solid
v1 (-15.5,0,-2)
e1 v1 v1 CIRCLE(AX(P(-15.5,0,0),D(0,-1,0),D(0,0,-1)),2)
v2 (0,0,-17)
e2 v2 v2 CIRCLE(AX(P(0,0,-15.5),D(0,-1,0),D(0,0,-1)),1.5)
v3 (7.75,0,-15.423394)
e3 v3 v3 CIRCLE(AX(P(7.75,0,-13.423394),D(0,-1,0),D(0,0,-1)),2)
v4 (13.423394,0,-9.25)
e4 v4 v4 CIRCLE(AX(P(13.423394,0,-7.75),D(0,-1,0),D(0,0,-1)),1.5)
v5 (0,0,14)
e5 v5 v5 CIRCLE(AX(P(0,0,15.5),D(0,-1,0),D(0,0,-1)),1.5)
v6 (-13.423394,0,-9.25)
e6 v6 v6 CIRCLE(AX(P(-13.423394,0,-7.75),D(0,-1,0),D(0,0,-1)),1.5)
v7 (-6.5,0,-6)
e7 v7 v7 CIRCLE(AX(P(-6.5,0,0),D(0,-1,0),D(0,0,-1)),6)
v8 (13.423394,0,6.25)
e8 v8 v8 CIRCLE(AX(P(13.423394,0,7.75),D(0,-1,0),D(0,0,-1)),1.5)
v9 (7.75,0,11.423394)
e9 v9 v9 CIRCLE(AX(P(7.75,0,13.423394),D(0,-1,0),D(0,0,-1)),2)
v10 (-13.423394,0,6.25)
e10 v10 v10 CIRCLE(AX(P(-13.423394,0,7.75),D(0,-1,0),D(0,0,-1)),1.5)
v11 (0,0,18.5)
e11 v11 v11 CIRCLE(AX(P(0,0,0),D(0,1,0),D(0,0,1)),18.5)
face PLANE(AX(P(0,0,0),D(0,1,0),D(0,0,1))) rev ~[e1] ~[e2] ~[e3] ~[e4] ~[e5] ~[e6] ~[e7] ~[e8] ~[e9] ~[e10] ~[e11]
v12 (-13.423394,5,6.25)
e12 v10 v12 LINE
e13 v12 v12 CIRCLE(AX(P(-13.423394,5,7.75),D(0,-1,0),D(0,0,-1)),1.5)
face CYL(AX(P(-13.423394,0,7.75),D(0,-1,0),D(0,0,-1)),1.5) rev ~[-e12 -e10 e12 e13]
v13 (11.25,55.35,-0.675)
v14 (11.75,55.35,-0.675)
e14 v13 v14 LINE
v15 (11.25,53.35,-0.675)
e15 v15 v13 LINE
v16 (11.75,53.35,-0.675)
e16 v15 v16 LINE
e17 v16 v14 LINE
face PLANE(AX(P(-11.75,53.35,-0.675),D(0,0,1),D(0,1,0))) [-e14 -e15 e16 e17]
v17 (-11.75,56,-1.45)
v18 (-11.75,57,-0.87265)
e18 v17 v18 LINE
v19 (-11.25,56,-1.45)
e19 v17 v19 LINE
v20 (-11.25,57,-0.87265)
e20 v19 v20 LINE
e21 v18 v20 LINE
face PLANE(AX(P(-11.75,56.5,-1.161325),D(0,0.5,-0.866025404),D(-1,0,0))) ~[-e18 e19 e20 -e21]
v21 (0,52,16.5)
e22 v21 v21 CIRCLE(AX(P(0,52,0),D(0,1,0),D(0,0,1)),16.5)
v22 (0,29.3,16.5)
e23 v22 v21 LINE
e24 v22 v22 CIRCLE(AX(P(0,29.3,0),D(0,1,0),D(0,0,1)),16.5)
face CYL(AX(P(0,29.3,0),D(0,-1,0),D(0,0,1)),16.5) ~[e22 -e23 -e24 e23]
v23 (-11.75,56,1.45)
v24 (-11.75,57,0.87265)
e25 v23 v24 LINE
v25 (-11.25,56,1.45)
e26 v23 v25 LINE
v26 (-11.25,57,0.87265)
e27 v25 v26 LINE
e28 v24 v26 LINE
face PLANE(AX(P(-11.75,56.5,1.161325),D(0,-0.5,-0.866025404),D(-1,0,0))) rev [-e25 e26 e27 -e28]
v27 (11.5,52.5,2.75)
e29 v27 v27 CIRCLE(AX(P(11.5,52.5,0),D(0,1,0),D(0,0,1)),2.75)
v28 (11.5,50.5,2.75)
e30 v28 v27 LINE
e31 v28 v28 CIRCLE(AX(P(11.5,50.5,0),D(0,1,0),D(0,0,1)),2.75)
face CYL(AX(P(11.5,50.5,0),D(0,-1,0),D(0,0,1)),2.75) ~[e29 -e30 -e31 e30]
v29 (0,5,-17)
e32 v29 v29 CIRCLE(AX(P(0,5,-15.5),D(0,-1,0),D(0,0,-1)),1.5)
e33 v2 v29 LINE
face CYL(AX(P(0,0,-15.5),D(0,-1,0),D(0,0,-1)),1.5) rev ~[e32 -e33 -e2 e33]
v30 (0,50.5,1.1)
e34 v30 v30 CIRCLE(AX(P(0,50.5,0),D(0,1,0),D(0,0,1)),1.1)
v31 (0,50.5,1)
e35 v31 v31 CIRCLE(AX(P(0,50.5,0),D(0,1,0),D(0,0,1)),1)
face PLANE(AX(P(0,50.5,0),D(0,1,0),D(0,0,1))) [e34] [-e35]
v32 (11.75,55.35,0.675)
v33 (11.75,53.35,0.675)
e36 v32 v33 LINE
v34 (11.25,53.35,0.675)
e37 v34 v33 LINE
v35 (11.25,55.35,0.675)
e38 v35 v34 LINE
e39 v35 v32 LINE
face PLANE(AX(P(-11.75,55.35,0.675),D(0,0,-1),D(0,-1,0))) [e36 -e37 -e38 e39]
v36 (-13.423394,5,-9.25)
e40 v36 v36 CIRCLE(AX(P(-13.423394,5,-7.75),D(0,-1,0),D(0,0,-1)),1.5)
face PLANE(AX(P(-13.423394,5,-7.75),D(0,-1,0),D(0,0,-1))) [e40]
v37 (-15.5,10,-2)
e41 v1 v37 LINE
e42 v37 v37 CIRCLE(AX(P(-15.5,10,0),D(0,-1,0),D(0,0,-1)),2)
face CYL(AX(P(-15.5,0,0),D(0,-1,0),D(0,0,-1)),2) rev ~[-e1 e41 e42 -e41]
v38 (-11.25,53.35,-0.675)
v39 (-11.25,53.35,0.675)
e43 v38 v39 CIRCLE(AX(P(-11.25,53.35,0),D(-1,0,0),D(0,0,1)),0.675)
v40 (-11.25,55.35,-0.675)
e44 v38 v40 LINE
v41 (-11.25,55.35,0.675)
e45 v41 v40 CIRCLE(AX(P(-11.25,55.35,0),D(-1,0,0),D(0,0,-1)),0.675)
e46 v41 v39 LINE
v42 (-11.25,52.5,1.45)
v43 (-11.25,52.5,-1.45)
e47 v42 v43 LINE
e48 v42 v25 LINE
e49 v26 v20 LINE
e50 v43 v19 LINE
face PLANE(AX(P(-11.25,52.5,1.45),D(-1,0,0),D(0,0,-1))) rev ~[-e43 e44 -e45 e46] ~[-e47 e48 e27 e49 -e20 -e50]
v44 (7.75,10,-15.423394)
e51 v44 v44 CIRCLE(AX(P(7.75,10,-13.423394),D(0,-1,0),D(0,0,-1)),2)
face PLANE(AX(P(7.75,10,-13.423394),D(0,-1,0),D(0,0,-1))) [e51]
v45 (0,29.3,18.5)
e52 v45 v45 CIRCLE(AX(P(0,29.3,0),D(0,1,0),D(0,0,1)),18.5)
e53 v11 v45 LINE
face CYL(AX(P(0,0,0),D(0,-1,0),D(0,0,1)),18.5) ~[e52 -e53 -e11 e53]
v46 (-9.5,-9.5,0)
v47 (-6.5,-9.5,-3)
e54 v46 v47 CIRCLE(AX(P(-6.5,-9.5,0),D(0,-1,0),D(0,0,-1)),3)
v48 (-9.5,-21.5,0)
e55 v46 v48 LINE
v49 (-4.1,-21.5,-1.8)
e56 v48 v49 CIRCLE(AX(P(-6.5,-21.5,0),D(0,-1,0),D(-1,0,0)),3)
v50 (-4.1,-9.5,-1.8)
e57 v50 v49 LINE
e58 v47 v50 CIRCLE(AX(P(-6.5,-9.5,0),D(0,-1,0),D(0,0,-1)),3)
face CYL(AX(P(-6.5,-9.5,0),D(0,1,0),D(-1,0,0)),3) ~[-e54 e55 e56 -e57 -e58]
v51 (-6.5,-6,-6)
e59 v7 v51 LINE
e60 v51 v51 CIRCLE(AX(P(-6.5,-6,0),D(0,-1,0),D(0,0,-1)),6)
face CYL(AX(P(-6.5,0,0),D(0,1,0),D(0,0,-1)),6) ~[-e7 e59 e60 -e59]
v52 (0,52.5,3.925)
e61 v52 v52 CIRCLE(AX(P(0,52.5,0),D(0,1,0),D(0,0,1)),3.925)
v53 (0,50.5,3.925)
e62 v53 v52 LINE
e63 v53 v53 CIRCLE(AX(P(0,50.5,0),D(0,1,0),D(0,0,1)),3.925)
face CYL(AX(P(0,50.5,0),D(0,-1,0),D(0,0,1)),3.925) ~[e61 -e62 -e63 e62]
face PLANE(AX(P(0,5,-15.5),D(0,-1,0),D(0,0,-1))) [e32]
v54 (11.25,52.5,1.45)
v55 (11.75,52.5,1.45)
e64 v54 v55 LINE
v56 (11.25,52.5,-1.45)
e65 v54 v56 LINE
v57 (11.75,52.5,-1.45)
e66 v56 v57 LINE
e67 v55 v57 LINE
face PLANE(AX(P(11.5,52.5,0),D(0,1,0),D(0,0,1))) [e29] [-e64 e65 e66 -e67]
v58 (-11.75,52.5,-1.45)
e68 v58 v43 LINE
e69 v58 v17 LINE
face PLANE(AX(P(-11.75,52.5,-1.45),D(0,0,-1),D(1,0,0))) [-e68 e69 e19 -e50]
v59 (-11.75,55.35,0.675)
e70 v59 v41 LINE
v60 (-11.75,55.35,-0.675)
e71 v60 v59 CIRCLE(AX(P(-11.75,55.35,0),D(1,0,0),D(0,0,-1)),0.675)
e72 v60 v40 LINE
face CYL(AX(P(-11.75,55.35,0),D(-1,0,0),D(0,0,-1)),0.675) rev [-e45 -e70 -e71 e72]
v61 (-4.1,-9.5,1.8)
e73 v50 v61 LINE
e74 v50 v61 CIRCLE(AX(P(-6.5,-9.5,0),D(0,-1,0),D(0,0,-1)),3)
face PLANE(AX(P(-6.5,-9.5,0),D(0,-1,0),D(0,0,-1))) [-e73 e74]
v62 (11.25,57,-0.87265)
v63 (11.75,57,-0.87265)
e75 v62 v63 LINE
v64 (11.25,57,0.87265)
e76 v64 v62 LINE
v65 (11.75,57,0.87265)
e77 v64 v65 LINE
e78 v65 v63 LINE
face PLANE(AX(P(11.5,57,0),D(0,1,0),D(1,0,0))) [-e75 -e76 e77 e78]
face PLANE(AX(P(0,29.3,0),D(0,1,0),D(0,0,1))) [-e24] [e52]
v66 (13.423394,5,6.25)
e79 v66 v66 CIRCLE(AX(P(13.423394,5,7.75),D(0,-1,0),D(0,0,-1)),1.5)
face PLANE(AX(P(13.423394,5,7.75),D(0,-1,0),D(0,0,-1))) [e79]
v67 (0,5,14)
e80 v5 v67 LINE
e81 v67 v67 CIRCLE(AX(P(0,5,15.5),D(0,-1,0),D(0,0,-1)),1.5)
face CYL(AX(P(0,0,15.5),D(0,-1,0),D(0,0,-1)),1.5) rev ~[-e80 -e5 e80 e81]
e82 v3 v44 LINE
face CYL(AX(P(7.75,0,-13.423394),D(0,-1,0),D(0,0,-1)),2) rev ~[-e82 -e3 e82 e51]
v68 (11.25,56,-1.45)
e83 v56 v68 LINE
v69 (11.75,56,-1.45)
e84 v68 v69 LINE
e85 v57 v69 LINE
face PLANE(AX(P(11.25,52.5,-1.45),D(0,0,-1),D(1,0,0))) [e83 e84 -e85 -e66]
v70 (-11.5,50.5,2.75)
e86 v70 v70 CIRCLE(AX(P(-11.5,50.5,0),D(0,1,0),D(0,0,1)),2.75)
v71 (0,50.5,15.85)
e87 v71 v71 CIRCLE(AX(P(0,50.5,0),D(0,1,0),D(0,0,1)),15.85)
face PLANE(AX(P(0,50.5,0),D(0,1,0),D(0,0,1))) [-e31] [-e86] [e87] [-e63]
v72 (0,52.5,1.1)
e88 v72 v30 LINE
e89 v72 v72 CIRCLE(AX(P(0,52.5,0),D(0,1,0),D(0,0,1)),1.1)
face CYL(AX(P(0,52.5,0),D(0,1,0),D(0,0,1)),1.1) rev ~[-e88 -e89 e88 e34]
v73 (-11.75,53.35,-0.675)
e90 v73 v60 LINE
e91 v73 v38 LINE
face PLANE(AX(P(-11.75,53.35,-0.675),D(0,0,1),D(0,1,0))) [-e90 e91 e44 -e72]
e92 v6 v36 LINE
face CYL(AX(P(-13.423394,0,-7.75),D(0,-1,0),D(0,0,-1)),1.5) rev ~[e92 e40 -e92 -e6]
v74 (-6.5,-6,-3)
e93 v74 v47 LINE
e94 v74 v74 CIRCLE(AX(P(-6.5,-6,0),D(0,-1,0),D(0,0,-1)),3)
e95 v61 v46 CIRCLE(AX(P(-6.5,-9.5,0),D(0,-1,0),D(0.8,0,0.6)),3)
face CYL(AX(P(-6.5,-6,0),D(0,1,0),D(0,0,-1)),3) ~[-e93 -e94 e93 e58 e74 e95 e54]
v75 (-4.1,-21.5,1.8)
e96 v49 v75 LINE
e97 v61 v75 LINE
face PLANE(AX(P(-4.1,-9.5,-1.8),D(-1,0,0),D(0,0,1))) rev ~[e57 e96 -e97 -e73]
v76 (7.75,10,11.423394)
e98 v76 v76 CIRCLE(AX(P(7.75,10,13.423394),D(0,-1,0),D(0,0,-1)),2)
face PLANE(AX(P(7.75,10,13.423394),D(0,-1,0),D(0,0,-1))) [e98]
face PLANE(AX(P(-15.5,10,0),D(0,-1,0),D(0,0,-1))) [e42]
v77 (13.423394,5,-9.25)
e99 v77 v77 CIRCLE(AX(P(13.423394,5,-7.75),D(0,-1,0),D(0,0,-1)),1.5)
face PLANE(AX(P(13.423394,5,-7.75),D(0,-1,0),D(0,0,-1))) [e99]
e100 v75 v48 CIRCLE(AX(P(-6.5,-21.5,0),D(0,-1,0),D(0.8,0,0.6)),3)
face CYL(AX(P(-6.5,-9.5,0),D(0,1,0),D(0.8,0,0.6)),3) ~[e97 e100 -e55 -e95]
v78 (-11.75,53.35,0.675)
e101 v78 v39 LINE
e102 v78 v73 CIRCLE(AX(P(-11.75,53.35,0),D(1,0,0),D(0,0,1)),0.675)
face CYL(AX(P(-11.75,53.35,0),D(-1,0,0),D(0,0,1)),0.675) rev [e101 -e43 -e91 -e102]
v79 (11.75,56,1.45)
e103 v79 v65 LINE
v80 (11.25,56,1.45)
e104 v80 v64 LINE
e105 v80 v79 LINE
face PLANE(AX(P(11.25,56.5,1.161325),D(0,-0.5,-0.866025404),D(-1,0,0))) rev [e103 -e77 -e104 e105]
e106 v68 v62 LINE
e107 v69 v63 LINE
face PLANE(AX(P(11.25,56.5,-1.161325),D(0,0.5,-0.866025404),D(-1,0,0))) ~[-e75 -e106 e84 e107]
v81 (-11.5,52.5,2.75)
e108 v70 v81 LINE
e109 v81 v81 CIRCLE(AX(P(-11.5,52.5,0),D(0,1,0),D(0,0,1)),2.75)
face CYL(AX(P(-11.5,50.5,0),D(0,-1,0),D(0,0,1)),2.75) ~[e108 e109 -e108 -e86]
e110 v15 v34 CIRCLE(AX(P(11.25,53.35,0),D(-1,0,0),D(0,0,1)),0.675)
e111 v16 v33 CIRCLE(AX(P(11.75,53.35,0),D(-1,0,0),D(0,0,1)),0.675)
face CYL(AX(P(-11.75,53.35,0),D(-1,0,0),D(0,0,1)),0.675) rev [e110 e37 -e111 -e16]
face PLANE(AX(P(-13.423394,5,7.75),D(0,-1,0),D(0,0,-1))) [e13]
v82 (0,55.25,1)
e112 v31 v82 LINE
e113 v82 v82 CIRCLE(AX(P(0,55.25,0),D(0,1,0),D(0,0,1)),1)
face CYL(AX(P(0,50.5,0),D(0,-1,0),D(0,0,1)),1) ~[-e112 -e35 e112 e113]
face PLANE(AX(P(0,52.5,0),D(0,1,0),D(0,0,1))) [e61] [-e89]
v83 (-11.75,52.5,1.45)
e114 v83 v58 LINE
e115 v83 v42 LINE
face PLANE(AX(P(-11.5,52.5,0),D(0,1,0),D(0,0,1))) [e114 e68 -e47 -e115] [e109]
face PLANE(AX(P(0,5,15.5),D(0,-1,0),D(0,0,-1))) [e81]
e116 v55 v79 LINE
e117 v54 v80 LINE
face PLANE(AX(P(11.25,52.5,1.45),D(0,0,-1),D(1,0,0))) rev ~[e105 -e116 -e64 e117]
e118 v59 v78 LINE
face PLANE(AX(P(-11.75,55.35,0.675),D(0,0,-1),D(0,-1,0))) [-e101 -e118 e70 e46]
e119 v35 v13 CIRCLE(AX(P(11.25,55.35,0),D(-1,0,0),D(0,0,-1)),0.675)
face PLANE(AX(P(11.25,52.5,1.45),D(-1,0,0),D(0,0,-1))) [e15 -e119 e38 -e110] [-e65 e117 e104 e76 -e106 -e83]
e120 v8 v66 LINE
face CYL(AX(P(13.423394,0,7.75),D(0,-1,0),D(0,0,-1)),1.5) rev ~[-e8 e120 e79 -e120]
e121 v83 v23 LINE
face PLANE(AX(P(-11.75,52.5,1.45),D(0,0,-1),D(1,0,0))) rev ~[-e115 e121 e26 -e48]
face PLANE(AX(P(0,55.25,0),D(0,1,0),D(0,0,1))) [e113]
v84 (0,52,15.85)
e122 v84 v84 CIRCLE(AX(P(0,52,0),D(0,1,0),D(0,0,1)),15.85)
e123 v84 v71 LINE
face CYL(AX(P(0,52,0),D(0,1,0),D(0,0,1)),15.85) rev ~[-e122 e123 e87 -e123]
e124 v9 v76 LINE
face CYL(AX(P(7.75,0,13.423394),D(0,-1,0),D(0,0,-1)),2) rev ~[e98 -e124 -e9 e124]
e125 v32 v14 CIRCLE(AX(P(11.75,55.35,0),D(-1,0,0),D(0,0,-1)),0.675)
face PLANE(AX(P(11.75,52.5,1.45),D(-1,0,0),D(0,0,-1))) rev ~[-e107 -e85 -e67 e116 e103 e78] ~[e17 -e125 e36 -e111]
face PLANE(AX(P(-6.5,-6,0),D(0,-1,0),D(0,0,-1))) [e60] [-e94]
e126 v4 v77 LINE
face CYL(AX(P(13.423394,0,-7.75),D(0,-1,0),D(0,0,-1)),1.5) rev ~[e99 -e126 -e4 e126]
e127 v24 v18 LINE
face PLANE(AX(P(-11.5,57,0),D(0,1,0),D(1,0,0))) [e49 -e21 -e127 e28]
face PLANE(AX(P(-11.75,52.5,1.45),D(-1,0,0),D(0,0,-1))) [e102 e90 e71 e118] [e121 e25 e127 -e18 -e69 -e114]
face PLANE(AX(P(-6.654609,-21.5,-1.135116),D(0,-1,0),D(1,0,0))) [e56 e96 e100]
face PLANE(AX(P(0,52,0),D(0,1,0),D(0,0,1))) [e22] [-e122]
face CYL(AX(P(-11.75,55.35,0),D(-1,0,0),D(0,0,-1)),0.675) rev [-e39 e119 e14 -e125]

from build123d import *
from OCP.BRepFilletAPI import BRepFilletAPI_MakeChamfer

# Parameters (mm, degrees)
SCHIZZO1_R                   = 18.5
ESTRUSIONE_ESTRUSIONE1_DEPTH = 29.3
SCHIZZO2_R                   = 16.5
ESTRUSIONE_ESTRUSIONE2_DEPTH = 22.7
SCHIZZO3_R                   = 15.85
TAGLIO_ESTRUSIONE1_DEPTH     = 1.5
SCHIZZO4_R                   = 2.75
SCHIZZO4_R_2                 = 3.925
ESTRUSIONE_ESTRUSIONE3_DEPTH = 2
SCHIZZO5_W                   = 0.5
SCHIZZO5_H                   = 2.9
ESTRUSIONE_ESTRUSIONE4_DEPTH = 4.5
SMUSSO1_SIZE                 = 1
SMUSSO1_SIZE2                = 0.577350269
TAGLIO_ESTRUSIONE2_DEPTH     = 68.129073433
SCHIZZO7_R                   = 1.1
TAGLIO_ESTRUSIONE3_DEPTH     = 2
SCHIZZO8_R                   = 1
ESTRUSIONE_ESTRUSIONE5_DEPTH = 4.75
SCHIZZO9_R                   = 1.5
TAGLIO_ESTRUSIONE4_DEPTH     = 5
SCHIZZO10_R                  = 6
ESTRUSIONE_ESTRUSIONE6_DEPTH = 6
SCHIZZO11_R                  = 3
ESTRUSIONE_ESTRUSIONE7_DEPTH = 3.5
ESTRUSIONE_ESTRUSIONE8_DEPTH = 12
CROQUIS1_R                   = 2
CORTAR_EXTRUIR1_DEPTH        = 10


with BuildPart() as part:
    # Schizzo1 → Estrusione-Estrusione1 (new body)
    with BuildSketch(Plane(origin=(0, 0, 0), x_dir=(1, 0, 0), z_dir=(0, 1, 0))):
        with Locations(Location((0, 0, 0), (0, 0, 270))):
            Circle(SCHIZZO1_R)
    extrude(amount=ESTRUSIONE_ESTRUSIONE1_DEPTH)

    # Schizzo2 → Estrusione-Estrusione2 (add)
    with BuildSketch(Plane(origin=(0, 29.3, 0), x_dir=(1, 0, 0), z_dir=(0, 1, 0))):
        with Locations(Location((0, 0, 0), (0, 0, 270))):
            Circle(SCHIZZO2_R)
    extrude(amount=ESTRUSIONE_ESTRUSIONE2_DEPTH)

    # Schizzo3 → Taglio-Estrusione1 (cut)
    with BuildSketch(Plane(origin=(0, 52, 0), x_dir=(1, 0, 0), z_dir=(0, 1, 0))):
        with Locations(Location((0, 0, 0), (0, 0, 270))):
            Circle(SCHIZZO3_R)
    extrude(amount=-TAGLIO_ESTRUSIONE1_DEPTH, mode=Mode.SUBTRACT)

    # Schizzo4 → Estrusione-Estrusione3 (add)
    with BuildSketch(Plane(origin=(0, 50.5, 0), x_dir=(1, 0, 0), z_dir=(0, 1, 0))):
        with Locations(Location((11.5, 0, 0), (0, 0, 270))):
            Circle(SCHIZZO4_R)
        with Locations(Location((-11.5, 0, 0), (0, 0, 270))):
            Circle(SCHIZZO4_R)
        with Locations(Location((0, 0, 0), (0, 0, 270))):
            Circle(SCHIZZO4_R_2)
    extrude(amount=ESTRUSIONE_ESTRUSIONE3_DEPTH)

    # Schizzo5 → Estrusione-Estrusione4 (add)
    with BuildSketch(Plane(origin=(0, 52.5, 0), x_dir=(1, 0, 0), z_dir=(0, 1, 0))):
        with Locations((-11.5, 0)):
            Rectangle(SCHIZZO5_W, SCHIZZO5_H)
        with Locations((11.5, 0)):
            Rectangle(SCHIZZO5_W, SCHIZZO5_H)
    extrude(amount=ESTRUSIONE_ESTRUSIONE4_DEPTH)

    # Smusso1: one chamfer whose edges measure the first distance from different faces: ONE call of the kernel's chamfer builder (chamfer() names one face for all edges)
    smusso1_edges_1 = [part.edges().sort_by_distance(p)[0] for p in [
        (-11.5, 57, -1.45),
    ]]
    smusso1_side_1 = [part.faces().sort_by_distance(p)[0] for p in [
        (-11.5, 54.75, -1.45),
    ]]
    smusso1_edges_2 = [part.edges().sort_by_distance(p)[0] for p in [
        (-11.5, 57, 1.45),
    ]]
    smusso1_side_2 = [part.faces().sort_by_distance(p)[0] for p in [
        (-11.5, 54.75, 1.45),
    ]]
    smusso1_edges_3 = [part.edges().sort_by_distance(p)[0] for p in [
        (11.5, 57, -1.45),
    ]]
    smusso1_side_3 = [part.faces().sort_by_distance(p)[0] for p in [
        (11.5, 54.75, -1.45),
    ]]
    smusso1_edges_4 = [part.edges().sort_by_distance(p)[0] for p in [
        (11.5, 57, 1.45),
    ]]
    smusso1_side_4 = [part.faces().sort_by_distance(p)[0] for p in [
        (11.5, 54.75, 1.45),
    ]]
    smusso1 = BRepFilletAPI_MakeChamfer(part.part.solid().wrapped)
    for e in smusso1_edges_1:
        smusso1.Add(SMUSSO1_SIZE, SMUSSO1_SIZE2, e.wrapped, smusso1_side_1[0].wrapped)  # the first distance lies on this face
    for e in smusso1_edges_2:
        smusso1.Add(SMUSSO1_SIZE, SMUSSO1_SIZE2, e.wrapped, smusso1_side_2[0].wrapped)  # the first distance lies on this face
    for e in smusso1_edges_3:
        smusso1.Add(SMUSSO1_SIZE, SMUSSO1_SIZE2, e.wrapped, smusso1_side_3[0].wrapped)  # the first distance lies on this face
    for e in smusso1_edges_4:
        smusso1.Add(SMUSSO1_SIZE, SMUSSO1_SIZE2, e.wrapped, smusso1_side_4[0].wrapped)  # the first distance lies on this face
    add(Compound.cast(smusso1.Shape()), mode=Mode.REPLACE)

    # Schizzo6 → Taglio-Estrusione2 (cut, through all)
    with BuildSketch(Plane.ZY.offset(11.75)):
        with BuildLine():
            Line((0.675, 55.35), (0.675, 53.35))
            ThreePointArc((0.675, 53.35), (0, 52.675), (-0.675, 53.35))
            Line((-0.675, 53.35), (-0.675, 55.35))
            ThreePointArc((-0.675, 55.35), (0, 56.025), (0.675, 55.35))
        make_face()
    extrude(amount=-TAGLIO_ESTRUSIONE2_DEPTH, mode=Mode.SUBTRACT)

    # Schizzo7 → Taglio-Estrusione3 (cut)
    with BuildSketch(Plane(origin=(0, 52.5, 0), x_dir=(1, 0, 0), z_dir=(0, 1, 0))):
        with Locations(Location((0, 0, 0), (0, 0, 270))):
            Circle(SCHIZZO7_R)
    extrude(amount=-TAGLIO_ESTRUSIONE3_DEPTH, mode=Mode.SUBTRACT)

    # Schizzo8 → Estrusione-Estrusione5 (add)
    with BuildSketch(Plane(origin=(0, 50.5, 0), x_dir=(1, 0, 0), z_dir=(0, 1, 0))):
        with Locations(Location((0, 0, 0), (0, 0, 270))):
            Circle(SCHIZZO8_R)
    extrude(amount=ESTRUSIONE_ESTRUSIONE5_DEPTH)

    # Schizzo9 → Taglio-Estrusione4 (cut)
    with BuildSketch(Plane.XZ):
        with Locations(Location((0, -15.5, 0), (0, 0, 270))):
            Circle(SCHIZZO9_R)
        with Locations(Location((-13.423393759, -7.75, 0), (0, 0, 270))):
            Circle(SCHIZZO9_R)
        with Locations(Location((-13.423393759, 7.75, 0), (0, 0, 270))):
            Circle(SCHIZZO9_R)
        with Locations(Location((0, 15.5, 0), (0, 0, 270))):
            Circle(SCHIZZO9_R)
        with Locations(Location((13.423393759, 7.75, 0), (0, 0, 270))):
            Circle(SCHIZZO9_R)
        with Locations(Location((13.423393759, -7.75, 0), (0, 0, 270))):
            Circle(SCHIZZO9_R)
    extrude(amount=-TAGLIO_ESTRUSIONE4_DEPTH, mode=Mode.SUBTRACT)

    # Schizzo10 → Estrusione-Estrusione6 (add)
    with BuildSketch(Plane.XZ):
        with Locations(Location((-6.5, 0, 0), (0, 0, 270))):
            Circle(SCHIZZO10_R)
    extrude(amount=ESTRUSIONE_ESTRUSIONE6_DEPTH)

    # Schizzo11 → Estrusione-Estrusione7 (add)
    with BuildSketch(Plane.XZ.offset(6)):
        with Locations(Location((-6.5, 0, 0), (0, 0, 270))):
            Circle(SCHIZZO11_R)
    extrude(amount=ESTRUSIONE_ESTRUSIONE7_DEPTH)

    # Schizzo12 → Estrusione-Estrusione8 (add)
    with BuildSketch(Plane.XZ.offset(9.5)):
        with BuildLine():
            ThreePointArc((-9.5, 0), (-7.448683298, -2.846049894), (-4.1, -1.8))
            Line((-4.1, -1.8), (-4.1, 0))
            Line((-4.1, 0), (-9.5, 0))
        make_face()
        with BuildLine():
            Line((-9.5, 0), (-4.1, 0))
            Line((-4.1, 0), (-4.1, 1.8))
            ThreePointArc((-4.1, 1.8), (-7.448683298, 2.846049894), (-9.5, 0))
        make_face()
    extrude(amount=ESTRUSIONE_ESTRUSIONE8_DEPTH)

    # Croquis1 → Cortar-Extruir1 (cut)
    with BuildSketch(Plane.XZ):
        with Locations(Location((7.75, -13.423393759, 0), (0, 0, 270))):
            Circle(CROQUIS1_R)
        with Locations(Location((-15.5, 0, 0), (0, 0, 270))):
            Circle(CROQUIS1_R)
        with Locations(Location((7.75, 13.423393759, 0), (0, 0, 270))):
            Circle(CROQUIS1_R)
    extrude(amount=-CORTAR_EXTRUIR1_DEPTH, mode=Mode.SUBTRACT)


solid = part.part
